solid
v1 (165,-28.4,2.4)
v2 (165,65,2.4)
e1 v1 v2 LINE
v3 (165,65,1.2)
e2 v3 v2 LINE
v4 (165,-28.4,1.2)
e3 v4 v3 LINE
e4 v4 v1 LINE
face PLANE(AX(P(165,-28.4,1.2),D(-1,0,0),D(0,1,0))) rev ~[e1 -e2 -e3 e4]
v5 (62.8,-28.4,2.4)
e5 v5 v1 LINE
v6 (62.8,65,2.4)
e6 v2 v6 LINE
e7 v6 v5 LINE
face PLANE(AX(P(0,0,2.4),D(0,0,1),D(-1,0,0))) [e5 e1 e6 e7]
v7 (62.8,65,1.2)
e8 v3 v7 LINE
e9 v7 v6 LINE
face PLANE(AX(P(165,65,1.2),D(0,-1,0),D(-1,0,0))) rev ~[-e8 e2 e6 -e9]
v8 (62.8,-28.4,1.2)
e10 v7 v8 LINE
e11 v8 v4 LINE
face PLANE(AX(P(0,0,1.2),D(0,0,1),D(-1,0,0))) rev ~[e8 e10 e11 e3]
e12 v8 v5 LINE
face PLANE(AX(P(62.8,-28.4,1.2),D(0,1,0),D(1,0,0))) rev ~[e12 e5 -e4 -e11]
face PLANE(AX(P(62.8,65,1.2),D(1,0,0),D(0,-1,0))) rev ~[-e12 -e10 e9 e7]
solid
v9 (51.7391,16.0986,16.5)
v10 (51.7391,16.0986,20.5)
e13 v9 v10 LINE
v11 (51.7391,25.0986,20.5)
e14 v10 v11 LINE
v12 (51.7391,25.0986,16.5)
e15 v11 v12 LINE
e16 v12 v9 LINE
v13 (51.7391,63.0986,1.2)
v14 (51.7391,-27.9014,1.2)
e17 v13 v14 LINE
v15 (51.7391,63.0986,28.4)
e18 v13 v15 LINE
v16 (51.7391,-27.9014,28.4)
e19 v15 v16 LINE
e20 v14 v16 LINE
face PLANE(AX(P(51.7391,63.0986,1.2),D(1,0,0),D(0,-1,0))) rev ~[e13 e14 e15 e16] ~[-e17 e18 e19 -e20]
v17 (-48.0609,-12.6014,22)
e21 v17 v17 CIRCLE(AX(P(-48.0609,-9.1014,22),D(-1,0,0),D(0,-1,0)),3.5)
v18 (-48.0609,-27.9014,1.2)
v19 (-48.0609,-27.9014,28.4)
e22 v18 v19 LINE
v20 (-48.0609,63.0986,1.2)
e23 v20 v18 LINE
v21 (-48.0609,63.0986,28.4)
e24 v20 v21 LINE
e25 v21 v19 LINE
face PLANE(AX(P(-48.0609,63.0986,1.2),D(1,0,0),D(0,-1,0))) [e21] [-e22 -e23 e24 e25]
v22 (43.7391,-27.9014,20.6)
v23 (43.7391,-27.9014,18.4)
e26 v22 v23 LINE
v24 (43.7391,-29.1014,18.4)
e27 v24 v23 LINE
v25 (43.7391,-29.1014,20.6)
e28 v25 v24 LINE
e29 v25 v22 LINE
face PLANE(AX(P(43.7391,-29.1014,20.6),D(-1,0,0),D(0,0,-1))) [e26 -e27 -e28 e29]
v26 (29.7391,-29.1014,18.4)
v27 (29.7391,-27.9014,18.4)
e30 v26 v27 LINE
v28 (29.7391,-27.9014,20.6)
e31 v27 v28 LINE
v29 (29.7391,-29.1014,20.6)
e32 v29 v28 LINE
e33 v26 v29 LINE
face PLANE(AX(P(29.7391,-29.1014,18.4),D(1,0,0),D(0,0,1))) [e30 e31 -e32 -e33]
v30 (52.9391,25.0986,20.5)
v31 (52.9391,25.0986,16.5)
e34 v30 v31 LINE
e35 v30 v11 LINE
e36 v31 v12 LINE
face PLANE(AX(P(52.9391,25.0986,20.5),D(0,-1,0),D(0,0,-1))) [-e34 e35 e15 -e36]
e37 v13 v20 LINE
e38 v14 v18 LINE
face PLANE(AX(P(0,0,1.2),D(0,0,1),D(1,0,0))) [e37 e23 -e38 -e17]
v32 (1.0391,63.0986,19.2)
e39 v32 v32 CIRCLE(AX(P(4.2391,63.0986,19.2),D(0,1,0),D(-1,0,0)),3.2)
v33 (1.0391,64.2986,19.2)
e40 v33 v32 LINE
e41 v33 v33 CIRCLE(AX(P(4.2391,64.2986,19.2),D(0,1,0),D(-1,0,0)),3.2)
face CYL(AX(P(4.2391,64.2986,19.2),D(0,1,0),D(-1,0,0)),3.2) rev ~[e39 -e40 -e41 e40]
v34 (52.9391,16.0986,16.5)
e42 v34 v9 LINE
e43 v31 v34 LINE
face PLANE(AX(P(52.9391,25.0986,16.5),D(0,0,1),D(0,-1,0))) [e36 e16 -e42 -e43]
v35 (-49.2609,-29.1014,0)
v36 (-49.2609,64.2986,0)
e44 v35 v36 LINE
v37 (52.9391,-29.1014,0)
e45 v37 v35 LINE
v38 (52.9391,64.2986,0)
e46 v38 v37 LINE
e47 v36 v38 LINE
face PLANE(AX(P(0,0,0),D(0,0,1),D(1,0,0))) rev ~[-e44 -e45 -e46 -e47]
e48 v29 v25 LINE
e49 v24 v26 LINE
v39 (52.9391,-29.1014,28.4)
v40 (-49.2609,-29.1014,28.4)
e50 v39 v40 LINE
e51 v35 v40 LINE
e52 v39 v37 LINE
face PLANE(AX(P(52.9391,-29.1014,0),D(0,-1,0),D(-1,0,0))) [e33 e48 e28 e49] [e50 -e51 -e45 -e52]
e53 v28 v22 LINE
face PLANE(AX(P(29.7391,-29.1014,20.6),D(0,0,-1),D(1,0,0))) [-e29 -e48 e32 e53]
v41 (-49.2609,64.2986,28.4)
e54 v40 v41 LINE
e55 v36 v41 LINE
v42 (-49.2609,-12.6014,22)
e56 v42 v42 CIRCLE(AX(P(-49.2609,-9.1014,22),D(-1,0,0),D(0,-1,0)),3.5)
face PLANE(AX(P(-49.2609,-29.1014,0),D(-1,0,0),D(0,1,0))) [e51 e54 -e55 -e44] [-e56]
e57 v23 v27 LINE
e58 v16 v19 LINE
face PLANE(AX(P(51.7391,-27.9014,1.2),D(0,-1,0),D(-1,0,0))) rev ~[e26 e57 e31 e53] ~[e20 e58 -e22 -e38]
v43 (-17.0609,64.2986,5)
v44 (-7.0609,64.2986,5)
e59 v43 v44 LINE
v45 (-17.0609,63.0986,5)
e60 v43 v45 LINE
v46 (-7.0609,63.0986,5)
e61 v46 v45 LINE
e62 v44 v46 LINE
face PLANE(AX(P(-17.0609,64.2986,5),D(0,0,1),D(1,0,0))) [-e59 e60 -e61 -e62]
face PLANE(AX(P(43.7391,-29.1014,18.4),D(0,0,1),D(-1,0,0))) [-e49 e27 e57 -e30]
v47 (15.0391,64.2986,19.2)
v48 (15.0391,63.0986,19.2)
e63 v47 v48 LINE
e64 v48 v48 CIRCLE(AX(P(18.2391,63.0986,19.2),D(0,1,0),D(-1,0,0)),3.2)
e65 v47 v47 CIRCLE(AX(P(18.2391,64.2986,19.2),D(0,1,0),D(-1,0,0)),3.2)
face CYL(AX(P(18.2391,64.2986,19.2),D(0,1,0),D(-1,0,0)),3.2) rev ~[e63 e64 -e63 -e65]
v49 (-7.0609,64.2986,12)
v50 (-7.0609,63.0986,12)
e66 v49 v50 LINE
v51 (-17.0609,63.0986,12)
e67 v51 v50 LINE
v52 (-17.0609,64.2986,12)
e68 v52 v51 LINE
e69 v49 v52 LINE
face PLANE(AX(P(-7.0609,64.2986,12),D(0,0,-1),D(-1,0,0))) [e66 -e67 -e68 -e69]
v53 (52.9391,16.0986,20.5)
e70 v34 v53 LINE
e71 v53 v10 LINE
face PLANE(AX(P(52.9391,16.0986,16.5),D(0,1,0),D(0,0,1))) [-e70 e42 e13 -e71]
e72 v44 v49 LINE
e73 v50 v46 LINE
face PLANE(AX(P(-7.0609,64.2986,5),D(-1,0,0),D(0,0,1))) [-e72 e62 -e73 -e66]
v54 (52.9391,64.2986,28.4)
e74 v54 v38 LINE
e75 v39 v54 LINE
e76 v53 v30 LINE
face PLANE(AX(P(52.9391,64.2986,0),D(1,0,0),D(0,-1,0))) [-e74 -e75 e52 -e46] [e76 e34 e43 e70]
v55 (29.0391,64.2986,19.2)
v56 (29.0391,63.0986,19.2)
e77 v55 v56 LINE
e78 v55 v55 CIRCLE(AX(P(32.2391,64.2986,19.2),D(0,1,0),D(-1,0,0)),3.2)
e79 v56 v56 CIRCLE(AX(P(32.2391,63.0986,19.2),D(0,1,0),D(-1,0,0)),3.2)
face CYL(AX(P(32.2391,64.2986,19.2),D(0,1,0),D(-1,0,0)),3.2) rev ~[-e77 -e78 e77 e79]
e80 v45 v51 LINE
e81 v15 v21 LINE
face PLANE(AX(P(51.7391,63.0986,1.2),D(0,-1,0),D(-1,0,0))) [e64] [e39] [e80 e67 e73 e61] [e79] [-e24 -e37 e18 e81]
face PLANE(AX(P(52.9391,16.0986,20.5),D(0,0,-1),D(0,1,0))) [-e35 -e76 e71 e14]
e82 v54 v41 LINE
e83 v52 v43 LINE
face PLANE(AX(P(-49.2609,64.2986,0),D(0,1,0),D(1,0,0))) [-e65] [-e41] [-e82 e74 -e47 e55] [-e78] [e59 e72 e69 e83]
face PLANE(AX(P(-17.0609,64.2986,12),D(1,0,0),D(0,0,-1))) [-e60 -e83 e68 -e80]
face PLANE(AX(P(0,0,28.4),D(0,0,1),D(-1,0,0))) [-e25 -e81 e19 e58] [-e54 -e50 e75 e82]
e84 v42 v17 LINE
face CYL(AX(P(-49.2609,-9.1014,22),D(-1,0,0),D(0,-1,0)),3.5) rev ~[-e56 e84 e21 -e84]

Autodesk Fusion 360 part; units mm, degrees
sketch "Sketch1" plane through (0, 0, 0) normal (0, 0, 1) x (1, 0, 0)
  line L0 (-49.2609, 64.2986) -> (52.9391, 64.2986)
  line L1 (52.9391, 64.2986) -> (52.9391, -29.1014)
  line L2 (52.9391, -29.1014) -> (-49.2609, -29.1014)
  line L3 (-49.2609, -29.1014) -> (-49.2609, 64.2986)
  dimension "d1" = 102.2
  dimension "d2" = 93.4
extrude "Extrude1" add sketch "Sketch1" along normal blind 1.2 makes body 1
sketch "Sketch2" plane through (0, 0, 1.2) normal (0, 0, 1) x (-1, 0, 0)
  line L0 (49.2609, 29.1014) -> (-52.9391, 29.1014)
  line L1 (-52.9391, 29.1014) -> (-52.9391, -64.2986)
  line L2 (-52.9391, -64.2986) -> (49.2609, -64.2986)
  line L3 (49.2609, -64.2986) -> (49.2609, 29.1014)
  line L4 (49.2609, -64.2986) -> (-52.9391, -64.2986)
  line L5 (-52.9391, -64.2986) -> (-52.9391, -63.0986)
  line L6 (-52.9391, -63.0986) -> (49.2609, -63.0986)
  line L7 (49.2609, -63.0986) -> (49.2609, -64.2986)
  line L8 (49.2609, -64.2986) -> (48.0609, -64.2986)
  line L9 (48.0609, -64.2986) -> (48.0609, 29.1014)
  line L10 (48.0609, 29.1014) -> (49.2609, 29.1014)
  line L11 (49.2609, 29.1014) -> (49.2609, -64.2986)
  line L12 (-52.9391, -64.2986) -> (-51.7391, -64.2986)
  line L13 (-51.7391, -64.2986) -> (-51.7391, 29.1014)
  line L14 (-51.7391, 29.1014) -> (-52.9391, 29.1014)
  line L15 (-52.9391, 29.1014) -> (-52.9391, -64.2986)
  line L16 (49.2609, 29.1014) -> (-52.9391, 29.1014)
  line L17 (-52.9391, 29.1014) -> (-52.9391, 27.9014)
  line L18 (-52.9391, 27.9014) -> (49.2609, 27.9014)
  line L19 (49.2609, 27.9014) -> (49.2609, 29.1014)
  dimension "d5" = 1.2
  dimension "d6" = 1.2
  dimension "d7" = 1.2
  dimension "d8" = 1.2
extrude "Extrude2" add sketch "Sketch2" along normal blind 27.2 contours L0 L3 L9 L10 L11 L16 L18 L19 | L0 L9 L13 L16 L18 | L3 L6 L9 L11 L18 | L0 L1 L13 L14 L15 L16 L17 L18 | L2 L3 L4 L6 L7 L8 L9 L11 | L1 L6 L13 L15 L18 | L2 L4 L6 L9 L13 | L1 L2 L4 L5 L6 L12 L13 L15 bodies 1
sketch "Sketch3" plane through (0, 0, 1.2) normal (0, 0, 1) x (-1, 0, 0)
  line L0 (48.0609, 27.9014) -> (-51.7391, 27.9014)
  line L1 (-51.7391, 27.9014) -> (-51.7391, -63.0986)
  line L2 (-51.7391, -63.0986) -> (48.0609, -63.0986)
  line L3 (48.0609, -63.0986) -> (48.0609, 27.9014)
  line L4 (-165, -65) -> (-62.8, -65)
  line L5 (-62.8, -65) -> (-62.8, 28.4)
  line L6 (-62.8, 28.4) -> (-165, 28.4)
  line L7 (-165, 28.4) -> (-165, -65)
  dimension "d11" = 102.2
  dimension "d12" = 93.4
extrude "Extrude3" add sketch "Sketch3" along normal blind 1.2 separate body contours L4 L5 L6 L7 makes body 2
sketch "Sketch4" plane through (0, -29.1014, 0) normal (0, -1, 0) x (1, 0, 0)
  line L0 (-49.2609, 0) -> (52.9391, 0)
  line L1 (52.9391, 0) -> (52.9391, 28.4)
  line L2 (52.9391, 28.4) -> (-49.2609, 28.4)
  line L3 (-49.2609, 28.4) -> (-49.2609, 0)
  line L4 (29.7391, 20.6) -> (43.7391, 20.6)
  line L5 (43.7391, 20.6) -> (43.7391, 18.4)
  line L6 (43.7391, 18.4) -> (29.7391, 18.4)
  line L7 (29.7391, 18.4) -> (29.7391, 20.6)
  dimension "d15" = 18.4
  dimension "d16" = 9.2
  dimension "d17" = 14
  dimension "d18" = 2.2
extrude "Extrude4" cut sketch "Sketch4" against normal blind 4 contours L4 L5 L6 L7 bodies 1
sketch "Sketch5" plane through (0, 64.2986, 0) normal (0, 1, 0) x (-1, 0, 0)
  line L0 (-52.9391, 0) -> (49.2609, 0)
  line L1 (49.2609, 0) -> (49.2609, 28.4)
  line L2 (49.2609, 28.4) -> (-52.9391, 28.4)
  line L3 (-52.9391, 28.4) -> (-52.9391, 0)
  circle A0 centre (-32.2391, 19.2) radius 3.2
  line L4 (-51.7391, 1.2) -> (-51.7391, 28.4)
  line L5 (7.0609, 12) -> (17.0609, 12)
  line L6 (17.0609, 12) -> (17.0609, 5)
  line L7 (17.0609, 5) -> (7.0609, 5)
  line L8 (7.0609, 5) -> (7.0609, 12)
  circle A1 centre (-18.2391, 19.2) radius 3.2
  circle A2 centre (-4.2391, 19.2) radius 3.2
  dimension "d21" = 6.4
  dimension "d22" = 19.2
  dimension "d26" = 10
  dimension "d27" = 7
  dimension "d28" = 32.2
  dimension "d30" = 5
  dimension "d44" = 20.7
  dimension "d45" = 6.4
  dimension "d46" = 6.4
extrude "Extrude5" cut sketch "Sketch5" against normal blind 4 contours A0 | L5 L6 L7 L8 | A1 | A2 bodies 1
sketch "Sketch6" plane through (52.9391, 0, 0) normal (1, 0, 0) x (0, 1, 0)
  line L0 (-29.1014, 0) -> (64.2986, 0)
  line L1 (64.2986, 0) -> (64.2986, 28.4)
  line L2 (64.2986, 28.4) -> (-29.1014, 28.4)
  line L3 (-29.1014, 28.4) -> (-29.1014, 0)
  line L4 (16.0986, 20.5) -> (25.0986, 20.5)
  line L5 (25.0986, 20.5) -> (25.0986, 16.5)
  line L6 (25.0986, 16.5) -> (16.0986, 16.5)
  line L7 (16.0986, 16.5) -> (16.0986, 20.5)
  dimension "d33" = 4
  dimension "d34" = 9
  dimension "d35" = 16.5
  dimension "d36" = 39.2
extrude "Extrude6" cut sketch "Sketch6" against normal blind 2 contours L4 L5 L6 L7 bodies 1
sketch "Sketch7" plane through (-49.2609, 0, 0) normal (-1, 0, 0) x (0, -1, 0)
  line L0 (-64.2986, 0) -> (29.1014, 0)
  line L1 (29.1014, 0) -> (29.1014, 28.4)
  line L2 (29.1014, 28.4) -> (-64.2986, 28.4)
  line L3 (-64.2986, 28.4) -> (-64.2986, 0)
  circle A0 centre (9.1014, 22) radius 3.5
  dimension "d39" = 7
  dimension "d40" = 20
  dimension "d41" = 22
extrude "Extrude7" cut sketch "Sketch7" against normal blind 3 contours A0 bodies 1
equation "d1 = 97.8 mm + 2.4 mm + 2 mm"
equation "d2 = 89 mm + 2.4 mm + 2 mm"
equation "d9 = 30 mm - 2.8 mm"
equation "d15 = 13 mm + 1.4 mm + 4 mm"
equation "d16 = 7 mm + 1 mm + 1.2 mm"
equation "d22 = 14 mm + 4 mm + 1.2 mm"
equation "d28 = 30 mm + 1 mm + 1.2 mm"
equation "d30 = 3.8 mm + 1.2 mm"
equation "d35 = 11.3 mm + 4 mm + 1.2 mm"
equation "d36 = 37 mm + 1.2 mm + 1 mm"
equation "d44 = 18.5 mm + 1 mm + 1.2 mm"
